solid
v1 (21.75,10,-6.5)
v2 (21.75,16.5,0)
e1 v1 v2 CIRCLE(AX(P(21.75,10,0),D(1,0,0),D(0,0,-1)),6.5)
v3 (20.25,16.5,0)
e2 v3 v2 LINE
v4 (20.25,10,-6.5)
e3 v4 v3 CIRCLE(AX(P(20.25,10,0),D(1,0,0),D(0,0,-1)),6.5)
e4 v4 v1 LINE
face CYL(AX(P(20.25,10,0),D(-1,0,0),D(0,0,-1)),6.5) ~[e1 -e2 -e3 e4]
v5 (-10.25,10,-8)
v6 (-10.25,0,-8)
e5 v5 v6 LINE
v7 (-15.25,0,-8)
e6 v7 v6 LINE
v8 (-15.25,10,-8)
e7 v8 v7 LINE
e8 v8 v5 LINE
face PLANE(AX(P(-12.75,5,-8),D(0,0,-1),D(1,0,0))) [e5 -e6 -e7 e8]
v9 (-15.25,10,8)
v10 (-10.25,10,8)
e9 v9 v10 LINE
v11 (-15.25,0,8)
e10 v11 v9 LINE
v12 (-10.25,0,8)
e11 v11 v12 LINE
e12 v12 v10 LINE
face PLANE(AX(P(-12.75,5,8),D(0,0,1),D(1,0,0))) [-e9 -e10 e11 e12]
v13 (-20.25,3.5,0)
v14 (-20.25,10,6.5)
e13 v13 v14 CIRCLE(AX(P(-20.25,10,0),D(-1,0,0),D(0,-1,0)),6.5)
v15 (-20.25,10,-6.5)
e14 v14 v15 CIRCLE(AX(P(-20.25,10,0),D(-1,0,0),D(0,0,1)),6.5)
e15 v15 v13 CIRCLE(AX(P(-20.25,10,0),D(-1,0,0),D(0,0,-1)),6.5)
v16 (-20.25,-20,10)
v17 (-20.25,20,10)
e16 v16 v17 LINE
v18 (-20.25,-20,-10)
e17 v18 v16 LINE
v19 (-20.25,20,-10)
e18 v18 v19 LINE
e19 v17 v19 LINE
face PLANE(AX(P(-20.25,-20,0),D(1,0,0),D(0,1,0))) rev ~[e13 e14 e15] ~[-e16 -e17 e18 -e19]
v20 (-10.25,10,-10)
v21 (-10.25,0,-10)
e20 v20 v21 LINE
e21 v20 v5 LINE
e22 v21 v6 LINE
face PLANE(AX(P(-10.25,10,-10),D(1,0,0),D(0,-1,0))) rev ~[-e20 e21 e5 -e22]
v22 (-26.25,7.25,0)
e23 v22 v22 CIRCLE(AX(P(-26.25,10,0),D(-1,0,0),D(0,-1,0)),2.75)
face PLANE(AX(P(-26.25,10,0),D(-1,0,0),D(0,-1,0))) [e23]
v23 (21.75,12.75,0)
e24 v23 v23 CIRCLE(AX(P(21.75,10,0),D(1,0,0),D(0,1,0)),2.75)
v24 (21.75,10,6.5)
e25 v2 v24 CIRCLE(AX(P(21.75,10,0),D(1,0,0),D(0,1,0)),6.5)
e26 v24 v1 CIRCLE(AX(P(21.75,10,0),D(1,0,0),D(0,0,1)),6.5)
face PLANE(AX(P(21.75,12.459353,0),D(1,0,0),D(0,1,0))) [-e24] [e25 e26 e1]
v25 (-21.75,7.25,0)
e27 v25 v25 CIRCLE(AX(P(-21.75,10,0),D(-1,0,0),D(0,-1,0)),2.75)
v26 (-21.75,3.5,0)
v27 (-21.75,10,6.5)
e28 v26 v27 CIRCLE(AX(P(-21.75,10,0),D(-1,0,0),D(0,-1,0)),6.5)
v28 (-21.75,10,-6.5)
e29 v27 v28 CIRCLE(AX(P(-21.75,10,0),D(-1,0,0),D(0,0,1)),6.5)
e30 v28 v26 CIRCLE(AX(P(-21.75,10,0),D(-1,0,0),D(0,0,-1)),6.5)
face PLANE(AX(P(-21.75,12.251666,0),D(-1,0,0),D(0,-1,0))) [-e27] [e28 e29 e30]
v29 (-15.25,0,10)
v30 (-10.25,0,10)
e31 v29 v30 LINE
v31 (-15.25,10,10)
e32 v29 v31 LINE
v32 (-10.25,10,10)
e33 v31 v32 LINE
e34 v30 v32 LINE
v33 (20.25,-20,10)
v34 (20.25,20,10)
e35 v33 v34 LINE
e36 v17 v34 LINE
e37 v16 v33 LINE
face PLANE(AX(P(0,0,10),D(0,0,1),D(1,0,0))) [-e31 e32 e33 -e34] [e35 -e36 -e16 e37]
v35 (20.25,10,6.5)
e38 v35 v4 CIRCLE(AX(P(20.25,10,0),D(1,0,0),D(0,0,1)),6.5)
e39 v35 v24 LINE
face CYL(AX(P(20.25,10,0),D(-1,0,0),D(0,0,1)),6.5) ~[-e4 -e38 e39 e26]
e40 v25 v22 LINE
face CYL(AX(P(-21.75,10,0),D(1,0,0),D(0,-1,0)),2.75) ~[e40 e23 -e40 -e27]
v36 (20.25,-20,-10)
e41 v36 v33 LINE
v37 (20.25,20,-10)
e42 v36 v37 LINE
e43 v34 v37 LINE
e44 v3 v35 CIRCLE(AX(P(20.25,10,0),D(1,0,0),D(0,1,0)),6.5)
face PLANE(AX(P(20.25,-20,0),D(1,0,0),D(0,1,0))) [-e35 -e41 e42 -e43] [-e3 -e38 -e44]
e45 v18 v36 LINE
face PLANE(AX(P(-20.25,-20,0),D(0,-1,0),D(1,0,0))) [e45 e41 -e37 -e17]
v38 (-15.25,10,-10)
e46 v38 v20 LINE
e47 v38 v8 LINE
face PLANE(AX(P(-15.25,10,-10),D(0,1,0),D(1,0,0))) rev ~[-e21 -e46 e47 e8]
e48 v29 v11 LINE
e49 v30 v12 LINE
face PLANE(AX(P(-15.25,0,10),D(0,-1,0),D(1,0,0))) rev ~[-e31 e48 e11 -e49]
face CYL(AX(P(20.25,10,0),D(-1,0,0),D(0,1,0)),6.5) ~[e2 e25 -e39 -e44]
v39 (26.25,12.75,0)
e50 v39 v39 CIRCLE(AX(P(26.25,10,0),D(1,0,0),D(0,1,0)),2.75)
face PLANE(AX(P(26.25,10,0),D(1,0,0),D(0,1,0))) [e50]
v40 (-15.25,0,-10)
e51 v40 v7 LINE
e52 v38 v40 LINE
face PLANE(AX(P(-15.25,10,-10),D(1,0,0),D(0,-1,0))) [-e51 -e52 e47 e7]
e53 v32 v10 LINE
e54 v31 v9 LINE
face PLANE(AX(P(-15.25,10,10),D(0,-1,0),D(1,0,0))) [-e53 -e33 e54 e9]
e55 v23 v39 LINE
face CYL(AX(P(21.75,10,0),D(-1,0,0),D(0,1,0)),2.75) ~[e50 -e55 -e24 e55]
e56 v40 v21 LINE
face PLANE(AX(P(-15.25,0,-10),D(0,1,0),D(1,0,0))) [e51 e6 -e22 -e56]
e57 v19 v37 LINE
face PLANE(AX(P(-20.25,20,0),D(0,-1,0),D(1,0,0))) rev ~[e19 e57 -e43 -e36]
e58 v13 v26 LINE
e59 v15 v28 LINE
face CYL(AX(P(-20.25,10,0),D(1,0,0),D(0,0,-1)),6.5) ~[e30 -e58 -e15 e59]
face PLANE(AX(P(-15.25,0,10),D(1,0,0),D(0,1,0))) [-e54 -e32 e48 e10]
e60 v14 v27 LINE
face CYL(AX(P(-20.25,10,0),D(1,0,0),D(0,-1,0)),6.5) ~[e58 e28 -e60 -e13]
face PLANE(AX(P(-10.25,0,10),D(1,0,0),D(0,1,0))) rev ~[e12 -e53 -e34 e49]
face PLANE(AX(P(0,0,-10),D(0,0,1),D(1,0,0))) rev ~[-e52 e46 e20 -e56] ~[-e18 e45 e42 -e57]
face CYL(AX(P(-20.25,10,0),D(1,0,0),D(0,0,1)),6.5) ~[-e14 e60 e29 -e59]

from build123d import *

# Parameters (mm, degrees)
F0_W      = 40.5
F0_H      = 40
F1_DEPTH  = 10
F3_DEPTH  = 1.5
F4_R      = 2.75
F5_DEPTH  = 4.5
F7_DEPTH  = 1.5
F8_R      = 2.75
F9_DEPTH  = 4.5
F10_W     = 5
F10_H     = 10
F11_DEPTH = 2
F12_W     = 5
F12_H     = 10
F13_DEPTH = 2


with BuildPart() as f1:
    # F0 (on Top) → F1 (new body, symmetric)
    with BuildSketch(Plane.XY):
        Rectangle(F0_W, F0_H)
    extrude(amount=F1_DEPTH, both=True)

    # F2 (on face) → F3 (join)
    with BuildSketch(Plane(origin=(-20.25, 0, 0), x_dir=(0, -1, 0), z_dir=(-1, 0, 0))):
        with BuildLine():
            Line((-10, -6.5), (-10, 6.5))
            ThreePointArc((-10, 6.5), (-16.5, 0), (-10, -6.5))
        make_face()
        with BuildLine():
            ThreePointArc((-3.5, 0), (-5.4038059223, 4.5961940777), (-10, 6.5))
            Line((-10, 6.5), (-10, -6.5))
            ThreePointArc((-10, -6.5), (-5.4038059223, -4.5961940777), (-3.5, 0))
        make_face()
    extrude(amount=F3_DEPTH)

    # F4 (on face) → F5 (join)
    with BuildSketch(Plane(origin=(-21.75, 0, 0), x_dir=(0, -1, 0), z_dir=(-1, 0, 0))):
        with Locations((-10, 0)):
            Circle(F4_R)
    extrude(amount=F5_DEPTH)

    # F6 (on face) → F7 (join)
    with BuildSketch(Plane.YZ.offset(20.25)):
        with BuildLine():
            ThreePointArc((16.5, 0), (14.5961940777, 4.5961940777), (10, 6.5))
            Line((10, 6.5), (10, -6.5))
            ThreePointArc((10, -6.5), (14.5961940777, -4.5961940777), (16.5, 0))
        make_face()
        with BuildLine():
            Line((10, -6.5), (10, 6.5))
            ThreePointArc((10, 6.5), (3.5, 0), (10, -6.5))
        make_face()
    extrude(amount=F7_DEPTH)

    # F8 (on face) → F9 (join)
    with BuildSketch(Plane.YZ.offset(21.75)):
        with Locations((10, 0)):
            Circle(F8_R)
    extrude(amount=F9_DEPTH)

    # F10 (on face) → F11 (cut)
    with BuildSketch(Plane(origin=(0, 0, -10), x_dir=(1, 0, 0), z_dir=(0, 0, -1))):
        with Locations((-12.75, -5)):
            Rectangle(F10_W, F10_H)
    extrude(amount=-F11_DEPTH, mode=Mode.SUBTRACT)

    # F12 (on face) → F13 (cut)
    with BuildSketch(Plane.XY.offset(10)):
        with Locations((-12.75, 5)):
            Rectangle(F12_W, F12_H)
    extrude(amount=-F13_DEPTH, mode=Mode.SUBTRACT)


solid = f1.part
